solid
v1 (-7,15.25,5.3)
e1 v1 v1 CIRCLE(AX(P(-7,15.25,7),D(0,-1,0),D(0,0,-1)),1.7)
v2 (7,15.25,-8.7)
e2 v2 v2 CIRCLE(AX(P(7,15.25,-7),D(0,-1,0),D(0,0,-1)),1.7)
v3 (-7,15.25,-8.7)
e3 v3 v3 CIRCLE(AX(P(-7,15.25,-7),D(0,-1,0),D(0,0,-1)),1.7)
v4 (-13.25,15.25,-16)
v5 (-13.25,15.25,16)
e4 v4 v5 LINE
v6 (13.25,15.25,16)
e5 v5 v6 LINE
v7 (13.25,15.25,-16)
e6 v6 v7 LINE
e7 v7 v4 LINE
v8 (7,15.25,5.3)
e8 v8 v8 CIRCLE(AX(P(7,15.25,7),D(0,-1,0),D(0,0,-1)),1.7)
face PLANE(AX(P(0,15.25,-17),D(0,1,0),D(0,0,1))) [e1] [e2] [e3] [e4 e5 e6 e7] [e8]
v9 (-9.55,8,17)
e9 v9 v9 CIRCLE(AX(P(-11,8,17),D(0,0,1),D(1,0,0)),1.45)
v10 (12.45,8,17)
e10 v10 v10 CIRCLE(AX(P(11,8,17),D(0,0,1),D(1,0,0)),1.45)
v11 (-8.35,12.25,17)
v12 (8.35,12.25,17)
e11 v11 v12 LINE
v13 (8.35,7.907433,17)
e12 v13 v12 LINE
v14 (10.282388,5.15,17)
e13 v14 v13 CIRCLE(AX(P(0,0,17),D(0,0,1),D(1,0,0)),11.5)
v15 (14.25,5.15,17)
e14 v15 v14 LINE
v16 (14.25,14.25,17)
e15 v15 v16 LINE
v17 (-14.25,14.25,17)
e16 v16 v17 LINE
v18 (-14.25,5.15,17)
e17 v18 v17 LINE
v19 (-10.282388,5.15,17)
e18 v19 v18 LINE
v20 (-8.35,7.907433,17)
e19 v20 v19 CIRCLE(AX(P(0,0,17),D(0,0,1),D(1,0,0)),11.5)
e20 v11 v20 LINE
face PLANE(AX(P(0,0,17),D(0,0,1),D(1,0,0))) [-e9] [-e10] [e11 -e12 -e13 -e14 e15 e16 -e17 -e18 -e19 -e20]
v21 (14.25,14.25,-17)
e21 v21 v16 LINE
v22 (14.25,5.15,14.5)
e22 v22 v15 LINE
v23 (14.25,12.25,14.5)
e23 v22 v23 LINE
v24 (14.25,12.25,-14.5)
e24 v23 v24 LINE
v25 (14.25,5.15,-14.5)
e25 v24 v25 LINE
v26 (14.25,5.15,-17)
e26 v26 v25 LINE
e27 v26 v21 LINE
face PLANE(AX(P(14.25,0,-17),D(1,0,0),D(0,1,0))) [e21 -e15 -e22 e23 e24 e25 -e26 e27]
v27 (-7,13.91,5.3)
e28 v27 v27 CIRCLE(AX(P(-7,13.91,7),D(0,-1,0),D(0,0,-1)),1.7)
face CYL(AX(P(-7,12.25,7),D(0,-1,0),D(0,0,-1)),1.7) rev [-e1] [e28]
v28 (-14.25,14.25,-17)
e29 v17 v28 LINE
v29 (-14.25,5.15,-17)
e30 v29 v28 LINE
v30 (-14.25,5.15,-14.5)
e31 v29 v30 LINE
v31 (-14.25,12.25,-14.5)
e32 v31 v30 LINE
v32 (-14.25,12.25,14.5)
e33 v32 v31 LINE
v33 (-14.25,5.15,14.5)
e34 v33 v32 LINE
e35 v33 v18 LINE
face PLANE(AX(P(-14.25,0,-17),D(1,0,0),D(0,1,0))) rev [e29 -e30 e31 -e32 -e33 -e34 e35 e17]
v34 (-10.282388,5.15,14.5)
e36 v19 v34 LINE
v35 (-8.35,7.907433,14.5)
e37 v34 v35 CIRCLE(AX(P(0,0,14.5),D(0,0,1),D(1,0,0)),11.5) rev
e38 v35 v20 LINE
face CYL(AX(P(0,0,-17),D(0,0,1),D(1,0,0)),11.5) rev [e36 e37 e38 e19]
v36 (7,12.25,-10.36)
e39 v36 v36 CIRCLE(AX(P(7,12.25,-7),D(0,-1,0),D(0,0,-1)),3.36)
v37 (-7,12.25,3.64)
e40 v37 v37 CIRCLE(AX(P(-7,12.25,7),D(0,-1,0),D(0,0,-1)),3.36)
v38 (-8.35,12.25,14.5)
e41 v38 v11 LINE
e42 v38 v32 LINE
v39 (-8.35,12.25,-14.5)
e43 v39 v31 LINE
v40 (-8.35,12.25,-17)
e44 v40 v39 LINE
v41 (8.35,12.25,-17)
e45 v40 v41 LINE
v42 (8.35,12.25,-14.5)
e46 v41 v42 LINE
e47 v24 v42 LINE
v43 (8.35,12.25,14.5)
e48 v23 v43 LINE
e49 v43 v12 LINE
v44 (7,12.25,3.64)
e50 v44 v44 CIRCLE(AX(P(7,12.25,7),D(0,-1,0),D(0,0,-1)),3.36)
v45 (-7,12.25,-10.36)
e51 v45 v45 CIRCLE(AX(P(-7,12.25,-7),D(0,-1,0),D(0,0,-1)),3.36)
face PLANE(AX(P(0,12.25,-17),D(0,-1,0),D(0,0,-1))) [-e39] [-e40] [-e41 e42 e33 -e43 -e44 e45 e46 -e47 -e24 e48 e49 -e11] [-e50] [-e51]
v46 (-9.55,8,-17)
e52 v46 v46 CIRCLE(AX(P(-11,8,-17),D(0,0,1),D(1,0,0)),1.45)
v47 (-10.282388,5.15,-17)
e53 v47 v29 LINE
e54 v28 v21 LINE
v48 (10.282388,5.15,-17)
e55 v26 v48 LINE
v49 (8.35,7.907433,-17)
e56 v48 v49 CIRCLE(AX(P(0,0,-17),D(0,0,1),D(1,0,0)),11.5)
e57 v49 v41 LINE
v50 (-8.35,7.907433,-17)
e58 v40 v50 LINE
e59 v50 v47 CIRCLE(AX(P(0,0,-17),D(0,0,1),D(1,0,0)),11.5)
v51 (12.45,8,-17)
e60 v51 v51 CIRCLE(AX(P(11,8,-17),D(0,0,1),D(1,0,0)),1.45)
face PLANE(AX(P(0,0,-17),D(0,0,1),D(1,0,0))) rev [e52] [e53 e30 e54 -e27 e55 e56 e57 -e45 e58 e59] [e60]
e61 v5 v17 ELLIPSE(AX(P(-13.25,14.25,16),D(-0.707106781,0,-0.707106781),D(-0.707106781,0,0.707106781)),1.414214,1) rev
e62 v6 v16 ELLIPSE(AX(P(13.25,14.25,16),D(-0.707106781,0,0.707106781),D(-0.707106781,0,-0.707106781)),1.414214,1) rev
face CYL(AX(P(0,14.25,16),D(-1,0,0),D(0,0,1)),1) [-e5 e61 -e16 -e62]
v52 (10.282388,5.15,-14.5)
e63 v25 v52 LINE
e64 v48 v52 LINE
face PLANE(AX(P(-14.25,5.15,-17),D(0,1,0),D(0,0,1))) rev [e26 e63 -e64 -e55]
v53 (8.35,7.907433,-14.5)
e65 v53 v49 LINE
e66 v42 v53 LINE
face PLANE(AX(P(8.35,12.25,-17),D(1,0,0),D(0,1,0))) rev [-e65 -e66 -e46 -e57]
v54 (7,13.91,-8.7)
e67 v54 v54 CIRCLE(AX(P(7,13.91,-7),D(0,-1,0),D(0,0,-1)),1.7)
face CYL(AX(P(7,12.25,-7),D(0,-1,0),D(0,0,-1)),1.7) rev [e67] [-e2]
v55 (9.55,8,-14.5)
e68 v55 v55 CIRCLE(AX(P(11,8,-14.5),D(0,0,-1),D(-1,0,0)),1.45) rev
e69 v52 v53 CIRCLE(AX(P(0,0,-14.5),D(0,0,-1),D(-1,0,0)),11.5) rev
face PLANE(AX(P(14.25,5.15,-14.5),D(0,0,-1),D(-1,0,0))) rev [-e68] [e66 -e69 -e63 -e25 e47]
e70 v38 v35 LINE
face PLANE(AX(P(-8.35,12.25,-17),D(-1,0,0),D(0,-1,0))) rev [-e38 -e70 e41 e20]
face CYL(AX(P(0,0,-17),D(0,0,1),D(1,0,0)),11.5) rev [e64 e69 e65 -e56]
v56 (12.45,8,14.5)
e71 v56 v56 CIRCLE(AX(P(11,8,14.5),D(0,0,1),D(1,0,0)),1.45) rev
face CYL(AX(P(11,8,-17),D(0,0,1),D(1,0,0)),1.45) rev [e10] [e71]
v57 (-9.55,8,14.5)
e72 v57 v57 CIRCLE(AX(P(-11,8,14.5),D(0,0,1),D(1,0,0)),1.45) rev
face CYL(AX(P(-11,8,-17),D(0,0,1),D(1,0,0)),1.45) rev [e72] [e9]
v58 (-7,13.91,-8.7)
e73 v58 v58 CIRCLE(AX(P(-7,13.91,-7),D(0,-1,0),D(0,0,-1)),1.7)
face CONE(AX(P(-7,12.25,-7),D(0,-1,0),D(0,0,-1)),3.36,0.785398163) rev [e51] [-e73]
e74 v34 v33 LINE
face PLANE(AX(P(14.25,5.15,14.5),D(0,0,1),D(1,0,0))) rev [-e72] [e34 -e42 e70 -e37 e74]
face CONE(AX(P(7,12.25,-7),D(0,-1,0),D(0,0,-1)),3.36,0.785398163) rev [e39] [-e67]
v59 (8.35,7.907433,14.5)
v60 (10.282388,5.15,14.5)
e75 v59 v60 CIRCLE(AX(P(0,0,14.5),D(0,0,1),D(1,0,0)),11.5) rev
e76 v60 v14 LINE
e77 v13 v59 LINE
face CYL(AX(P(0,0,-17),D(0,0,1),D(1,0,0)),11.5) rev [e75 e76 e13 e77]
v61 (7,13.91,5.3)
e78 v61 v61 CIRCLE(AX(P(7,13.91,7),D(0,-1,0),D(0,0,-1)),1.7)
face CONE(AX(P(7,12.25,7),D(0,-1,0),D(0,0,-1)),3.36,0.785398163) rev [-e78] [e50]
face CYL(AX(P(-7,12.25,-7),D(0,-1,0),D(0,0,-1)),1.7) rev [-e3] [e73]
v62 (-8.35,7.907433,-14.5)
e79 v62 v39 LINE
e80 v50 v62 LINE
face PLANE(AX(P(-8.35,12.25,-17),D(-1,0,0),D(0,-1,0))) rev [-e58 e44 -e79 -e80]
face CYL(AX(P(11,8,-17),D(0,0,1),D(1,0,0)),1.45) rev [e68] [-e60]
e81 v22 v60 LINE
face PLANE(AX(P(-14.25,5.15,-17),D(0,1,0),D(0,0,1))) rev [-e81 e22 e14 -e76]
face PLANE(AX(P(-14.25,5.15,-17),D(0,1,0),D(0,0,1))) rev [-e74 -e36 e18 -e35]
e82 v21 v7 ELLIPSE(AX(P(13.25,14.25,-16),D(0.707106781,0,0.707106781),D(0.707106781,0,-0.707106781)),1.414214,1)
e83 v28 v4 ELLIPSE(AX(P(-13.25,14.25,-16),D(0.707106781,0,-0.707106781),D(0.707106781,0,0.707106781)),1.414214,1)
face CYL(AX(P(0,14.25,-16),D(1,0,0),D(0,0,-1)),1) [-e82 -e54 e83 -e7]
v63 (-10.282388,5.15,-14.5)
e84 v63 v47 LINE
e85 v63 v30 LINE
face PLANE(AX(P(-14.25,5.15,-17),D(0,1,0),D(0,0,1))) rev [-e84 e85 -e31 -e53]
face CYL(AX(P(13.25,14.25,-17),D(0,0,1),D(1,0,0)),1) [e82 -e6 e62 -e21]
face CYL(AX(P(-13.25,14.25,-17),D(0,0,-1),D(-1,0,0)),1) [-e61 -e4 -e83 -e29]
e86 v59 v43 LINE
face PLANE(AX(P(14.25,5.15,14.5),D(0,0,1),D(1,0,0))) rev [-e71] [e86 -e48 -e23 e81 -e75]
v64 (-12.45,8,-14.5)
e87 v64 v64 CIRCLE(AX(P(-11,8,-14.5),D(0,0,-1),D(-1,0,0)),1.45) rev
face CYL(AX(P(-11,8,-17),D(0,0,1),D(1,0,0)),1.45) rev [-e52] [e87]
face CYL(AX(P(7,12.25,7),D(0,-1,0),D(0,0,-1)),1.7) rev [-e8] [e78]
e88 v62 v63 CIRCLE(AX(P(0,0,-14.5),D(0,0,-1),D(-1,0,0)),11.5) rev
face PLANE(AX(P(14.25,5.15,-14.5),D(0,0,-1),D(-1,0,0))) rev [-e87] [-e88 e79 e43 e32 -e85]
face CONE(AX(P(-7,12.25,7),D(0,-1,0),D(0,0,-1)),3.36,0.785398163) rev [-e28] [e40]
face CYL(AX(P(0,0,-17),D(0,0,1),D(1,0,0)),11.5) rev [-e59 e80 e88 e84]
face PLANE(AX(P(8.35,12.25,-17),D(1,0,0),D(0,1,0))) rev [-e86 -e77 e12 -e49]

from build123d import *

# Parameters (mm, degrees)
BOSS_EXTRUDE7_DEPTH                            = 17
BOSS_EXTRUDE7_DEPTH_BACK                       = 17
SKETCH1_R                                      = 1.45
SKETCH34_W                                     = 28.4
SKETCH34_H                                     = 7.5
CUT_EXTRUDE11_DEPTH                            = 37.521397837
SKETCH35_R                                     = 5
CUT_EXTRUDE12_DEPTH                            = 25.542055741
CSK_FOR_M3_HEX_SOCKET_COUNTERSUNK_CA_2_COUNT   = 2
CSK_FOR_M3_HEX_SOCKET_COUNTERSUNK_CA_2_PITCH   = 16.5
CSK_FOR_M3_HEX_SOCKET_COUNTERSUNK_CA_3_COUNT   = 2
CSK_FOR_M3_HEX_SOCKET_COUNTERSUNK_CA_3_PITCH   = 18
CSK_FOR_M3_HEX_SOCKET_COUNTERSUNK_CA_4_COUNT   = 2
CSK_FOR_M3_HEX_SOCKET_COUNTERSUNK_CA_4_PITCH   = 24.418230894
FILLET5_R                                      = 1
SKETCH41_W                                     = 28.5
SKETCH41_H                                     = 0.4
CUT_EXTRUDE13_DEPTH                            = 40.895175147
SKETCH47_W                                     = 24
SKETCH47_H                                     = 28
BOSS_EXTRUDE8_DEPTH                            = 3
CSK_FOR_M3_HEX_SOCKET_COUNTERSUNK_CA_5_A_COUNT = 2
CSK_FOR_M3_HEX_SOCKET_COUNTERSUNK_CA_5_A_PITCH = 9.899494937
CSK_FOR_M3_HEX_SOCKET_COUNTERSUNK_CA_6_COUNT   = 2
CSK_FOR_M3_HEX_SOCKET_COUNTERSUNK_CA_6_PITCH   = 9.899494937
CSK_FOR_M3_HEX_SOCKET_COUNTERSUNK_CA_7_COUNT   = 2
CSK_FOR_M3_HEX_SOCKET_COUNTERSUNK_CA_7_PITCH   = 9.899494937
CSK_FOR_M3_HEX_SOCKET_COUNTERSUNK_CA_8_COUNT   = 2
CSK_FOR_M3_HEX_SOCKET_COUNTERSUNK_CA_8_PITCH   = 9.899494937
SKETCH51_W                                     = 8.04998649
SKETCH51_H                                     = 7.642392238
BOSS_EXTRUDE9_DEPTH                            = 3
SKETCH53_W                                     = 29
SKETCH53_H                                     = 7.1
CUT_EXTRUDE14_DEPTH                            = 37.521397837
SKETCH54_W                                     = 16.7
SKETCH54_H                                     = 5.548131356
CUT_EXTRUDE15_DEPTH                            = 40.895175147


with BuildPart() as part:
    # Sketch1 → Boss-Extrude7 (new, two sides: drawn at the far end of the back side and taken through both)
    with BuildSketch(Plane.XY.offset(-BOSS_EXTRUDE7_DEPTH_BACK)):
        with BuildLine():
            Line((-14.25, 15.25), (-14.25, 4.75))
            Line((-14.25, 4.75), (-10.473180033, 4.75))
            ThreePointArc((-10.473180033, 4.75), (-9.502581542, 6.476954843), (-8.25, 8.011710179))
            Line((-8.25, 8.011710179), (-8.25, 12.25))
            Line((-8.25, 12.25), (8.25, 12.25))
            Line((8.25, 12.25), (8.25, 8.011710179))
            ThreePointArc((8.25, 8.011710179), (9.502581542, 6.476954843), (10.473180033, 4.75))
            Line((10.473180033, 4.75), (14.25, 4.75))
            Line((14.25, 4.75), (14.25, 15.25))
            Line((14.25, 15.25), (-14.25, 15.25))
        make_face()
        with Locations((11, 8)):
            Circle(SKETCH1_R, mode=Mode.SUBTRACT)
        with Locations((-11, 8)):
            Circle(SKETCH1_R, mode=Mode.SUBTRACT)
    extrude(amount=BOSS_EXTRUDE7_DEPTH + BOSS_EXTRUDE7_DEPTH_BACK)

    # Sketch34 → Cut-Extrude11 (cut, through all)
    with BuildSketch(Plane.ZY.offset(14.25)):
        with Locations((0, 8.5)):
            Rectangle(SKETCH34_W, SKETCH34_H)
    extrude(amount=-CUT_EXTRUDE11_DEPTH, mode=Mode.SUBTRACT)

    # Sketch35 → Cut-Extrude12 (cut, through all)
    with BuildSketch(Plane(origin=(0, 15.25, 0), x_dir=(1, 0, 0), z_dir=(0, 1, 0))):
        Circle(SKETCH35_R)
    extrude(amount=-CUT_EXTRUDE12_DEPTH, mode=Mode.SUBTRACT)

    # Sketch40 → CSK for M3 Hex Socket Countersunk Cap Sc (revolve, cut)
    with BuildSketch(Plane(origin=(-8.25, 12.25, 9), x_dir=(0, 0, -1), z_dir=(1, 0, 0))):
        Polygon((0, 0), (0, 3), (1.7, 3), (1.7, 1.66), (3.36, 0), align=None)
    csk_for_m3_hex_socket_countersunk_cap_sc = revolve(axis=Axis((-8.25, 5.9, 9), (0, 1, 0)), mode=Mode.SUBTRACT)

    # CSK for M3 Hex Socket Countersunk Ca 2: CSK for M3 Hex Socket Countersunk Cap Sc ×2
    with Locations(*[(i * CSK_FOR_M3_HEX_SOCKET_COUNTERSUNK_CA_2_PITCH, 0, 0) for i in range(1, CSK_FOR_M3_HEX_SOCKET_COUNTERSUNK_CA_2_COUNT)]):
        add(csk_for_m3_hex_socket_countersunk_cap_sc, mode=Mode.SUBTRACT)

    # CSK for M3 Hex Socket Countersunk Ca 3: CSK for M3 Hex Socket Countersunk Cap Sc ×2
    with Locations(*[(0, 0, -i * CSK_FOR_M3_HEX_SOCKET_COUNTERSUNK_CA_3_PITCH) for i in range(1, CSK_FOR_M3_HEX_SOCKET_COUNTERSUNK_CA_3_COUNT)]):
        add(csk_for_m3_hex_socket_countersunk_cap_sc, mode=Mode.SUBTRACT)

    # CSK for M3 Hex Socket Countersunk Ca 4: CSK for M3 Hex Socket Countersunk Cap Sc ×2
    with Locations(*[Vector(0.6757246285173466, 0, -0.7371541402007413) * (i * CSK_FOR_M3_HEX_SOCKET_COUNTERSUNK_CA_4_PITCH) for i in range(1, CSK_FOR_M3_HEX_SOCKET_COUNTERSUNK_CA_4_COUNT)]):
        add(csk_for_m3_hex_socket_countersunk_cap_sc, mode=Mode.SUBTRACT)

    # Fillet5
    fillet5_edges = [part.edges().sort_by_distance(p)[0] for p in [
        (14.25, 15.25, 0),
        (-14.25, 15.25, 0),
        (0, 15.25, -17),
        (0, 15.25, 17),
    ]]
    fillet(fillet5_edges, radius=FILLET5_R)

    # Sketch41 → Cut-Extrude13 (cut, through all)
    with BuildSketch(Plane.XY.offset(17)):
        with Locations((0, 4.95)):
            Rectangle(SKETCH41_W, SKETCH41_H)
    extrude(amount=-CUT_EXTRUDE13_DEPTH, mode=Mode.SUBTRACT)

    # Sketch47 → Boss-Extrude8 (add)
    with BuildSketch(Plane(origin=(0, 15.25, 0), x_dir=(1, 0, 0), z_dir=(0, 1, 0))):
        Rectangle(SKETCH47_W, SKETCH47_H)
    extrude(amount=-BOSS_EXTRUDE8_DEPTH)

    # Sketch50 → CSK for M3 Hex Socket Countersunk Ca 5 (revolve, cut)
    with BuildSketch(Plane(origin=(0, 12.25, 0), x_dir=(0, 0, -1), z_dir=(1, 0, 0))):
        Polygon((0, 0), (0, 3), (1.7, 3), (1.7, 1.66), (3.36, 0), align=None)
    csk_for_m3_hex_socket_countersunk_ca_5 = revolve(axis=Axis((0, 5.9, 0), (0, 1, 0)), mode=Mode.SUBTRACT)

    # CSK for M3 Hex Socket Countersunk Ca 5 a: CSK for M3 Hex Socket Countersunk Ca 5 ×2
    with Locations(*[Vector(-0.7071067811865477, 0, 0.7071067811865474) * (i * CSK_FOR_M3_HEX_SOCKET_COUNTERSUNK_CA_5_A_PITCH) for i in range(1, CSK_FOR_M3_HEX_SOCKET_COUNTERSUNK_CA_5_A_COUNT)]):
        add(csk_for_m3_hex_socket_countersunk_ca_5, mode=Mode.SUBTRACT)

    # CSK for M3 Hex Socket Countersunk Ca 6: CSK for M3 Hex Socket Countersunk Ca 5 ×2
    with Locations(*[Vector(-0.70710678118654, 0, -0.707106781186555) * (i * CSK_FOR_M3_HEX_SOCKET_COUNTERSUNK_CA_6_PITCH) for i in range(1, CSK_FOR_M3_HEX_SOCKET_COUNTERSUNK_CA_6_COUNT)]):
        add(csk_for_m3_hex_socket_countersunk_ca_5, mode=Mode.SUBTRACT)

    # CSK for M3 Hex Socket Countersunk Ca 7: CSK for M3 Hex Socket Countersunk Ca 5 ×2
    with Locations(*[Vector(0.7071067811865548, 0, -0.7071067811865404) * (i * CSK_FOR_M3_HEX_SOCKET_COUNTERSUNK_CA_7_PITCH) for i in range(1, CSK_FOR_M3_HEX_SOCKET_COUNTERSUNK_CA_7_COUNT)]):
        add(csk_for_m3_hex_socket_countersunk_ca_5, mode=Mode.SUBTRACT)

    # CSK for M3 Hex Socket Countersunk Ca 8: CSK for M3 Hex Socket Countersunk Ca 5 ×2
    with Locations(*[Vector(0.7071067811865477, 0, 0.7071067811865474) * (i * CSK_FOR_M3_HEX_SOCKET_COUNTERSUNK_CA_8_PITCH) for i in range(1, CSK_FOR_M3_HEX_SOCKET_COUNTERSUNK_CA_8_COUNT)]):
        add(csk_for_m3_hex_socket_countersunk_ca_5, mode=Mode.SUBTRACT)

    # Sketch51 → Boss-Extrude9 (add)
    with BuildSketch(Plane.XZ.offset(-12.25)):
        Rectangle(SKETCH51_W, SKETCH51_H)
    extrude(amount=-BOSS_EXTRUDE9_DEPTH)

    # Sketch53 → Cut-Extrude14 (cut, through all)
    with BuildSketch(Plane.ZY.offset(14.25)):
        with Locations((0, 8.7)):
            Rectangle(SKETCH53_W, SKETCH53_H)
    extrude(amount=-CUT_EXTRUDE14_DEPTH, mode=Mode.SUBTRACT)

    # Sketch54 → Cut-Extrude15 (cut, through all)
    with BuildSketch(Plane.XY.offset(17)):
        with Locations((0, 9.475934322)):
            Rectangle(SKETCH54_W, SKETCH54_H)
    extrude(amount=-CUT_EXTRUDE15_DEPTH, mode=Mode.SUBTRACT)


solid = part.part
